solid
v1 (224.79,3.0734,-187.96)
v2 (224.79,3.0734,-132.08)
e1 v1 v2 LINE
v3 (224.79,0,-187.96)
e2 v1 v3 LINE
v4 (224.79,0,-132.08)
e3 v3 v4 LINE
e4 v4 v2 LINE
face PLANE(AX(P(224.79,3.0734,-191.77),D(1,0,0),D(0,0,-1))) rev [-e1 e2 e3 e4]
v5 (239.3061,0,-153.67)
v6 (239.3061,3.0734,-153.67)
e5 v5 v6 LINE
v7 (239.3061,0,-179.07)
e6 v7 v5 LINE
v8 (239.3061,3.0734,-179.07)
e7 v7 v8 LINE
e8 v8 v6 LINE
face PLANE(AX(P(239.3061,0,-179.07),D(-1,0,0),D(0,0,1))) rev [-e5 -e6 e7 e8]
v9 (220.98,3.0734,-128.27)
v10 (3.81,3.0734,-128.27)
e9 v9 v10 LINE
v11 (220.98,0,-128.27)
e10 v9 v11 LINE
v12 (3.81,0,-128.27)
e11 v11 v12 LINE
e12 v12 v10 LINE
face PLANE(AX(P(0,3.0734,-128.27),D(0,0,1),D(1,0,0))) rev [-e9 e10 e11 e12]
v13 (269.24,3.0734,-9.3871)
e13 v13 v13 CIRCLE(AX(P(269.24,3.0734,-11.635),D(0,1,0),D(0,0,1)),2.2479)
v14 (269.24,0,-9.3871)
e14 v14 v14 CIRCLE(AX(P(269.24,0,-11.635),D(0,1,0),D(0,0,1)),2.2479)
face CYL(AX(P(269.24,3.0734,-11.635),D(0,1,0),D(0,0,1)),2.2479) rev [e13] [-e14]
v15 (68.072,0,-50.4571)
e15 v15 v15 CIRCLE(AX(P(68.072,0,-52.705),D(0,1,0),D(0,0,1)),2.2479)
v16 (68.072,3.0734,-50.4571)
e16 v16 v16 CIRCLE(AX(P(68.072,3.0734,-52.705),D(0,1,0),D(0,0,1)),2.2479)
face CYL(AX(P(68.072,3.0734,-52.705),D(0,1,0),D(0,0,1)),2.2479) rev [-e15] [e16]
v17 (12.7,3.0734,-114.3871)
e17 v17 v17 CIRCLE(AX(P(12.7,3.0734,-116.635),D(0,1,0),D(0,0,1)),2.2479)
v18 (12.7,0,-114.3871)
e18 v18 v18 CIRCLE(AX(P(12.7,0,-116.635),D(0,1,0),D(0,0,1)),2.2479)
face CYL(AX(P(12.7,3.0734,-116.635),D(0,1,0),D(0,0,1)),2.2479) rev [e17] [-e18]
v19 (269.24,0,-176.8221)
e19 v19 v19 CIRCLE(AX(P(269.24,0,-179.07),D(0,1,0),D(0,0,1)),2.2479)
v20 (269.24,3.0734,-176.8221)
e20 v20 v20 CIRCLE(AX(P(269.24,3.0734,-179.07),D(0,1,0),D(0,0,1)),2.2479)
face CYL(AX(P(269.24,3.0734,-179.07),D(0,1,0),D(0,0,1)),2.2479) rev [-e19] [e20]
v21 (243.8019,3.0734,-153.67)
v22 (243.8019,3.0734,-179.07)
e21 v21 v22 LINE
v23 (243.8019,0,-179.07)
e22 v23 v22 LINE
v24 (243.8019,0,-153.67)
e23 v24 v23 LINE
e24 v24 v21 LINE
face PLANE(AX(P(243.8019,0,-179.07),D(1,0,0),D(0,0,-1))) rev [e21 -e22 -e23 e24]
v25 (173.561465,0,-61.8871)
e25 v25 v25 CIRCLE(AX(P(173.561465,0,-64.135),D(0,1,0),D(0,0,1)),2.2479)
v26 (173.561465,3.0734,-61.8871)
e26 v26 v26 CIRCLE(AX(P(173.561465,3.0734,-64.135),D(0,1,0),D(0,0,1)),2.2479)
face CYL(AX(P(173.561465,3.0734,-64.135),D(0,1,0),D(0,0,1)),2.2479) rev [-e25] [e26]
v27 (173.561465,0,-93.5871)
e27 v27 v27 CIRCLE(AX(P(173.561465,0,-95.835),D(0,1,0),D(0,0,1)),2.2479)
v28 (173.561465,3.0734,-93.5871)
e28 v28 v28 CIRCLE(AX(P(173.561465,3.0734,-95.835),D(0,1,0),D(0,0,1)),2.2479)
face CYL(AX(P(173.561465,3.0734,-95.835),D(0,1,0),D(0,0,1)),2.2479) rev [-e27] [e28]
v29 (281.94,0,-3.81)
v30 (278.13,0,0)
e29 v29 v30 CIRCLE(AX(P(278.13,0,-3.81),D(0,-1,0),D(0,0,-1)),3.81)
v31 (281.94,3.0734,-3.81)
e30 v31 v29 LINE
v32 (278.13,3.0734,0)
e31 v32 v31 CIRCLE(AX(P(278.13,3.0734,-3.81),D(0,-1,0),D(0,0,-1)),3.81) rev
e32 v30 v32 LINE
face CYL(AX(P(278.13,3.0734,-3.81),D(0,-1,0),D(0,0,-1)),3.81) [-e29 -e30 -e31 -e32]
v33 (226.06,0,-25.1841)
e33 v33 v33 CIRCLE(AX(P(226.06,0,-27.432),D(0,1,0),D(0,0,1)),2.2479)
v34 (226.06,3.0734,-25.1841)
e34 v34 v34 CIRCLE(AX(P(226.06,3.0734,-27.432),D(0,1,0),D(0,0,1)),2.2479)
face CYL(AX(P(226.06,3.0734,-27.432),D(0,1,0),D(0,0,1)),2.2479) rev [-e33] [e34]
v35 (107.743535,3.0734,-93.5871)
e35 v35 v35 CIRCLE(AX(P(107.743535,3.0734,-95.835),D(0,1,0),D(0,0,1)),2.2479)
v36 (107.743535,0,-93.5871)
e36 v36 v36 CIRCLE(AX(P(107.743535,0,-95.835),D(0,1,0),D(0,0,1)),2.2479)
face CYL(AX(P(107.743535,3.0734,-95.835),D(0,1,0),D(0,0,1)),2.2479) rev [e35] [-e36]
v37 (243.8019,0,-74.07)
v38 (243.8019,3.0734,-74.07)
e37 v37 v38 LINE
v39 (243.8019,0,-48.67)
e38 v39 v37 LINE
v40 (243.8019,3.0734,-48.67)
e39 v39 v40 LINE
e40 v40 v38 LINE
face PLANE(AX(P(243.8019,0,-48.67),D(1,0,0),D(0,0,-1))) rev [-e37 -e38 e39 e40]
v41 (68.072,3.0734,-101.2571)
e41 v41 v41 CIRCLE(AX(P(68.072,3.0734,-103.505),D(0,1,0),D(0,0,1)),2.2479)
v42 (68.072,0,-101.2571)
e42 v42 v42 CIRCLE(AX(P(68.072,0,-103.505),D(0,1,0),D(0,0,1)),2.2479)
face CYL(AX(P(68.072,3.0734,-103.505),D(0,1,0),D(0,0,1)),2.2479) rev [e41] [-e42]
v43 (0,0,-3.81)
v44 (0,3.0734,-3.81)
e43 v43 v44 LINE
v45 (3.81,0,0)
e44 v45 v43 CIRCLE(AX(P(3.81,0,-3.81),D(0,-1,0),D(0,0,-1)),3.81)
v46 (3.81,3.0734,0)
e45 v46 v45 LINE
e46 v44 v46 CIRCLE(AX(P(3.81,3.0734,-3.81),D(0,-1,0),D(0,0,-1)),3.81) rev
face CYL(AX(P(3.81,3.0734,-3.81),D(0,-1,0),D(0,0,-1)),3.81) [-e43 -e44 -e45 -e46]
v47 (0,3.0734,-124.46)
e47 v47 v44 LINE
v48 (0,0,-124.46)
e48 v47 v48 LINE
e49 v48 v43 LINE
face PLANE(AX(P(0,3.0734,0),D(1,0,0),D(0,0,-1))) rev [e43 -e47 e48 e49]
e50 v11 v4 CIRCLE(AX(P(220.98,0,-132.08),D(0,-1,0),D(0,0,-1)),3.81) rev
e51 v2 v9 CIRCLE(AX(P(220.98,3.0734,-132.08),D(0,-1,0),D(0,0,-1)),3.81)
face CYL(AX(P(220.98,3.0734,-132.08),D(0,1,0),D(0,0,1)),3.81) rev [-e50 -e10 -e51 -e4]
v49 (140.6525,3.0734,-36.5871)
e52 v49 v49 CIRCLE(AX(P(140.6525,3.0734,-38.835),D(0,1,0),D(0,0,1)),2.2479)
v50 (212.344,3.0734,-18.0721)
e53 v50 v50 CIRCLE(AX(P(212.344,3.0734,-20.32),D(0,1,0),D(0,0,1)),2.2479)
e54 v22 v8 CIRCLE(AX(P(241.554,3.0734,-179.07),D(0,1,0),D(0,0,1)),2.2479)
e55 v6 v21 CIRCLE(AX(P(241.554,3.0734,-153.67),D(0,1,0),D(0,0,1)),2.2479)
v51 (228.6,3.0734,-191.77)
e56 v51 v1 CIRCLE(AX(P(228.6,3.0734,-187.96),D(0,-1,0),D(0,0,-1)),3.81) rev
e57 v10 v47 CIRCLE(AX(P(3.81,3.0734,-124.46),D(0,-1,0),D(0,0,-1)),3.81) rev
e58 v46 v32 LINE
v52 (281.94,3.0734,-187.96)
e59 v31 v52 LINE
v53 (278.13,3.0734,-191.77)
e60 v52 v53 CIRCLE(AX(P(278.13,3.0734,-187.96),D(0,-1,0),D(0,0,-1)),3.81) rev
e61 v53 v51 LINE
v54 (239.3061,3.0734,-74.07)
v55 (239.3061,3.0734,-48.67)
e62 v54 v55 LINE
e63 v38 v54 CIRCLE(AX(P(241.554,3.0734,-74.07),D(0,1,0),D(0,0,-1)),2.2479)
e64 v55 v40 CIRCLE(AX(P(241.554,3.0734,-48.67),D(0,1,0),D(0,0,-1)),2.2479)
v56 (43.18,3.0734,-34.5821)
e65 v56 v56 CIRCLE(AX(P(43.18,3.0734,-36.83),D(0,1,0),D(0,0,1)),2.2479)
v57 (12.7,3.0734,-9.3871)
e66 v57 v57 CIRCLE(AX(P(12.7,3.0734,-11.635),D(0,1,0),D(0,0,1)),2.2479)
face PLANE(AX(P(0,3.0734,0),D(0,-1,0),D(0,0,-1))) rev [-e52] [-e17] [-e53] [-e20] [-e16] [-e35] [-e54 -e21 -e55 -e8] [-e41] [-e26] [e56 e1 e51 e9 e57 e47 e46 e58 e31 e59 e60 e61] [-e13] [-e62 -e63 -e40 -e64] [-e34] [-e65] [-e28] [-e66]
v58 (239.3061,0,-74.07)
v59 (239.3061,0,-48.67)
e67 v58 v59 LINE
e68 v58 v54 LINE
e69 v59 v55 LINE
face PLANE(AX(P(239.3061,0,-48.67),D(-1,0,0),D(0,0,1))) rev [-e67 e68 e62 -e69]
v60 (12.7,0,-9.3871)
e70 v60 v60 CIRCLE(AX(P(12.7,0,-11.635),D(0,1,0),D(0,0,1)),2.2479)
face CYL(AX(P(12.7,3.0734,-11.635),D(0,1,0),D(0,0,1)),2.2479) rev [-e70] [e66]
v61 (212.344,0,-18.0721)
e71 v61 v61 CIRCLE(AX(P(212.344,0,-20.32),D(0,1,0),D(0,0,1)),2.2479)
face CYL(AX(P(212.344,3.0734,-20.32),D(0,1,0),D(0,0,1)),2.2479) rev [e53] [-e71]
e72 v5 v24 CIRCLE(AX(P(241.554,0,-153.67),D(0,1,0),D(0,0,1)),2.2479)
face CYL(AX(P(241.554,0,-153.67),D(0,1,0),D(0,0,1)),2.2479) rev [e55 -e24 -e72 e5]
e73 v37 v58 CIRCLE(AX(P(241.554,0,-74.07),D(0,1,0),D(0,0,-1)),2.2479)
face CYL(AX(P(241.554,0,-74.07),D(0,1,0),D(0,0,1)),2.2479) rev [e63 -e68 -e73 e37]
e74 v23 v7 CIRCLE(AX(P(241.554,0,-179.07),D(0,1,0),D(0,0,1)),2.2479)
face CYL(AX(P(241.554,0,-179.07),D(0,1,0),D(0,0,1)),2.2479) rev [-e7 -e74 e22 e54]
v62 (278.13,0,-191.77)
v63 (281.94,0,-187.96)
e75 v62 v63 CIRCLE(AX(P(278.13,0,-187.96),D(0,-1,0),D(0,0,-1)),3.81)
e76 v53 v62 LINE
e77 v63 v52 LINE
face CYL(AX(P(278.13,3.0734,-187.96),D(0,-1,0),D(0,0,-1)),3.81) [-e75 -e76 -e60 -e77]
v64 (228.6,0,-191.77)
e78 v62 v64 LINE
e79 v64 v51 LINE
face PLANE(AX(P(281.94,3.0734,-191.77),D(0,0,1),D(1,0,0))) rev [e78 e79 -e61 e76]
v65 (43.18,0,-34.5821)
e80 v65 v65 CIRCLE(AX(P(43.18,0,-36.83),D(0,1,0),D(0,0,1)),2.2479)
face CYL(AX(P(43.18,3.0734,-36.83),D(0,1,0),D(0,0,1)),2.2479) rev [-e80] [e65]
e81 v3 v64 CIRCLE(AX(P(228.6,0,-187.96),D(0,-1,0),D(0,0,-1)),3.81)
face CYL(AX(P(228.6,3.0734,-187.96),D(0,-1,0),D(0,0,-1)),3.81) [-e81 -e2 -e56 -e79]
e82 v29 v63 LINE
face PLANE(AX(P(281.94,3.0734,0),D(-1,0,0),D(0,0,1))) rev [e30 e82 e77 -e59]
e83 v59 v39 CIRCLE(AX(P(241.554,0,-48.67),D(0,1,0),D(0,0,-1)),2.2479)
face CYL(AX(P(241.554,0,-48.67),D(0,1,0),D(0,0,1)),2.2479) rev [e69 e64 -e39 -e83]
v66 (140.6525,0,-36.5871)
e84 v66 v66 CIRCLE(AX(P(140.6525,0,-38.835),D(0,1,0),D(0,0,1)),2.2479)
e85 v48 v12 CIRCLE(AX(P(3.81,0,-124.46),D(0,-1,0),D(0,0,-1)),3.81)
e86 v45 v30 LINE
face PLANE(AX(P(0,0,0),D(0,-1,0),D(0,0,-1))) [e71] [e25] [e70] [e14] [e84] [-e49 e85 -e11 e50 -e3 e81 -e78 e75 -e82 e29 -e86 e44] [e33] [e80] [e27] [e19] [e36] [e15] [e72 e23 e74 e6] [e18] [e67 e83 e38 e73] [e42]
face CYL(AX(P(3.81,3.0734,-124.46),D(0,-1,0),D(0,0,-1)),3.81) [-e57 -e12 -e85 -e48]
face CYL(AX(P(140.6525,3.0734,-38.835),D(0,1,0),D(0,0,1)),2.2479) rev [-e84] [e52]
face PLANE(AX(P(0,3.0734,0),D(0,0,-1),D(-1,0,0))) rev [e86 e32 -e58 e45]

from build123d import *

# Parameters (mm, degrees)
BOSS_EXTRUDE1_DEPTH   = 3.0734
COMPRESSOR_MOUNTS_D   = 4.4958
F_8_CLEARANCE_HOLE2_D = 4.4958
FILLET1_R             = 3.81
CUT_EXTRUDE1_DEPTH    = 4.0734


with BuildPart() as part:
    # Sketch1 → Boss-Extrude1 (new body)
    with BuildSketch(Plane(origin=(0, 0, 0), x_dir=(1, 0, 0), z_dir=(0, 1, 0))):
        Polygon((0, 0), (281.94, 0), (281.94, 191.77), (224.79, 191.77), (224.79, 128.27), (0, 128.27), align=None)
    extrude(amount=BOSS_EXTRUDE1_DEPTH)

    # Compressor Mounts (through all)
    with Locations(Plane(origin=(0, 3.0734, 0), x_dir=(1, 0, 0), z_dir=(0, 1, 0))):
        with Locations((140.6525, 38.835), (107.743534656, 95.835), (173.561465344, 95.835)):
            Hole(COMPRESSOR_MOUNTS_D / 2)

    # #8 Clearance Hole2 (through all)
    with Locations(Plane(origin=(0, 3.0734, 0), x_dir=(1, 0, 0), z_dir=(0, 1, 0))):
        with Locations((12.7, 11.635), (269.24, 11.635), (269.24, 179.07), (12.7, 116.635), (173.561465344, 64.135), (140.6525, 38.835), (107.743534656, 95.835), (173.561465344, 95.835), (212.344, 20.32), (68.072, 103.505), (68.072, 52.705), (43.18, 36.83), (226.06, 27.432)):
            Hole(F_8_CLEARANCE_HOLE2_D / 2)

    # Fillet1
    fillet1_edges = [part.edges().sort_by_distance(p)[0] for p in [
        (0, 1.5367, -128.27),
        (224.79, 1.5367, -128.27),
        (224.79, 1.5367, -191.77),
        (281.94, 1.5367, -191.77),
        (281.94, 1.5367, 0),
        (0, 1.5367, 0),
    ]]
    fillet(fillet1_edges, radius=FILLET1_R)

    # Sketch7 → Cut-Extrude1 (cut, through all)
    with BuildSketch(Plane(origin=(0, 3.0734, 0), x_dir=(1, 0, 0), z_dir=(0, 1, 0))):
        with BuildLine():
            Line((243.8019, 179.07), (243.8019, 153.67))
            ThreePointArc((243.8019, 153.67), (241.554, 151.4221), (239.3061, 153.67))
            Line((239.3061, 153.67), (239.3061, 179.07))
            ThreePointArc((239.3061, 179.07), (241.554, 181.3179), (243.8019, 179.07))
        make_face()
        with BuildLine():
            Line((243.8019, 48.67), (243.8019, 74.07))
            ThreePointArc((243.8019, 74.07), (241.554, 76.3179), (239.3061, 74.07))
            Line((239.3061, 74.07), (239.3061, 48.67))
            ThreePointArc((239.3061, 48.67), (241.554, 46.4221), (243.8019, 48.67))
        make_face()
    extrude(amount=-CUT_EXTRUDE1_DEPTH, mode=Mode.SUBTRACT)


solid = part.part
